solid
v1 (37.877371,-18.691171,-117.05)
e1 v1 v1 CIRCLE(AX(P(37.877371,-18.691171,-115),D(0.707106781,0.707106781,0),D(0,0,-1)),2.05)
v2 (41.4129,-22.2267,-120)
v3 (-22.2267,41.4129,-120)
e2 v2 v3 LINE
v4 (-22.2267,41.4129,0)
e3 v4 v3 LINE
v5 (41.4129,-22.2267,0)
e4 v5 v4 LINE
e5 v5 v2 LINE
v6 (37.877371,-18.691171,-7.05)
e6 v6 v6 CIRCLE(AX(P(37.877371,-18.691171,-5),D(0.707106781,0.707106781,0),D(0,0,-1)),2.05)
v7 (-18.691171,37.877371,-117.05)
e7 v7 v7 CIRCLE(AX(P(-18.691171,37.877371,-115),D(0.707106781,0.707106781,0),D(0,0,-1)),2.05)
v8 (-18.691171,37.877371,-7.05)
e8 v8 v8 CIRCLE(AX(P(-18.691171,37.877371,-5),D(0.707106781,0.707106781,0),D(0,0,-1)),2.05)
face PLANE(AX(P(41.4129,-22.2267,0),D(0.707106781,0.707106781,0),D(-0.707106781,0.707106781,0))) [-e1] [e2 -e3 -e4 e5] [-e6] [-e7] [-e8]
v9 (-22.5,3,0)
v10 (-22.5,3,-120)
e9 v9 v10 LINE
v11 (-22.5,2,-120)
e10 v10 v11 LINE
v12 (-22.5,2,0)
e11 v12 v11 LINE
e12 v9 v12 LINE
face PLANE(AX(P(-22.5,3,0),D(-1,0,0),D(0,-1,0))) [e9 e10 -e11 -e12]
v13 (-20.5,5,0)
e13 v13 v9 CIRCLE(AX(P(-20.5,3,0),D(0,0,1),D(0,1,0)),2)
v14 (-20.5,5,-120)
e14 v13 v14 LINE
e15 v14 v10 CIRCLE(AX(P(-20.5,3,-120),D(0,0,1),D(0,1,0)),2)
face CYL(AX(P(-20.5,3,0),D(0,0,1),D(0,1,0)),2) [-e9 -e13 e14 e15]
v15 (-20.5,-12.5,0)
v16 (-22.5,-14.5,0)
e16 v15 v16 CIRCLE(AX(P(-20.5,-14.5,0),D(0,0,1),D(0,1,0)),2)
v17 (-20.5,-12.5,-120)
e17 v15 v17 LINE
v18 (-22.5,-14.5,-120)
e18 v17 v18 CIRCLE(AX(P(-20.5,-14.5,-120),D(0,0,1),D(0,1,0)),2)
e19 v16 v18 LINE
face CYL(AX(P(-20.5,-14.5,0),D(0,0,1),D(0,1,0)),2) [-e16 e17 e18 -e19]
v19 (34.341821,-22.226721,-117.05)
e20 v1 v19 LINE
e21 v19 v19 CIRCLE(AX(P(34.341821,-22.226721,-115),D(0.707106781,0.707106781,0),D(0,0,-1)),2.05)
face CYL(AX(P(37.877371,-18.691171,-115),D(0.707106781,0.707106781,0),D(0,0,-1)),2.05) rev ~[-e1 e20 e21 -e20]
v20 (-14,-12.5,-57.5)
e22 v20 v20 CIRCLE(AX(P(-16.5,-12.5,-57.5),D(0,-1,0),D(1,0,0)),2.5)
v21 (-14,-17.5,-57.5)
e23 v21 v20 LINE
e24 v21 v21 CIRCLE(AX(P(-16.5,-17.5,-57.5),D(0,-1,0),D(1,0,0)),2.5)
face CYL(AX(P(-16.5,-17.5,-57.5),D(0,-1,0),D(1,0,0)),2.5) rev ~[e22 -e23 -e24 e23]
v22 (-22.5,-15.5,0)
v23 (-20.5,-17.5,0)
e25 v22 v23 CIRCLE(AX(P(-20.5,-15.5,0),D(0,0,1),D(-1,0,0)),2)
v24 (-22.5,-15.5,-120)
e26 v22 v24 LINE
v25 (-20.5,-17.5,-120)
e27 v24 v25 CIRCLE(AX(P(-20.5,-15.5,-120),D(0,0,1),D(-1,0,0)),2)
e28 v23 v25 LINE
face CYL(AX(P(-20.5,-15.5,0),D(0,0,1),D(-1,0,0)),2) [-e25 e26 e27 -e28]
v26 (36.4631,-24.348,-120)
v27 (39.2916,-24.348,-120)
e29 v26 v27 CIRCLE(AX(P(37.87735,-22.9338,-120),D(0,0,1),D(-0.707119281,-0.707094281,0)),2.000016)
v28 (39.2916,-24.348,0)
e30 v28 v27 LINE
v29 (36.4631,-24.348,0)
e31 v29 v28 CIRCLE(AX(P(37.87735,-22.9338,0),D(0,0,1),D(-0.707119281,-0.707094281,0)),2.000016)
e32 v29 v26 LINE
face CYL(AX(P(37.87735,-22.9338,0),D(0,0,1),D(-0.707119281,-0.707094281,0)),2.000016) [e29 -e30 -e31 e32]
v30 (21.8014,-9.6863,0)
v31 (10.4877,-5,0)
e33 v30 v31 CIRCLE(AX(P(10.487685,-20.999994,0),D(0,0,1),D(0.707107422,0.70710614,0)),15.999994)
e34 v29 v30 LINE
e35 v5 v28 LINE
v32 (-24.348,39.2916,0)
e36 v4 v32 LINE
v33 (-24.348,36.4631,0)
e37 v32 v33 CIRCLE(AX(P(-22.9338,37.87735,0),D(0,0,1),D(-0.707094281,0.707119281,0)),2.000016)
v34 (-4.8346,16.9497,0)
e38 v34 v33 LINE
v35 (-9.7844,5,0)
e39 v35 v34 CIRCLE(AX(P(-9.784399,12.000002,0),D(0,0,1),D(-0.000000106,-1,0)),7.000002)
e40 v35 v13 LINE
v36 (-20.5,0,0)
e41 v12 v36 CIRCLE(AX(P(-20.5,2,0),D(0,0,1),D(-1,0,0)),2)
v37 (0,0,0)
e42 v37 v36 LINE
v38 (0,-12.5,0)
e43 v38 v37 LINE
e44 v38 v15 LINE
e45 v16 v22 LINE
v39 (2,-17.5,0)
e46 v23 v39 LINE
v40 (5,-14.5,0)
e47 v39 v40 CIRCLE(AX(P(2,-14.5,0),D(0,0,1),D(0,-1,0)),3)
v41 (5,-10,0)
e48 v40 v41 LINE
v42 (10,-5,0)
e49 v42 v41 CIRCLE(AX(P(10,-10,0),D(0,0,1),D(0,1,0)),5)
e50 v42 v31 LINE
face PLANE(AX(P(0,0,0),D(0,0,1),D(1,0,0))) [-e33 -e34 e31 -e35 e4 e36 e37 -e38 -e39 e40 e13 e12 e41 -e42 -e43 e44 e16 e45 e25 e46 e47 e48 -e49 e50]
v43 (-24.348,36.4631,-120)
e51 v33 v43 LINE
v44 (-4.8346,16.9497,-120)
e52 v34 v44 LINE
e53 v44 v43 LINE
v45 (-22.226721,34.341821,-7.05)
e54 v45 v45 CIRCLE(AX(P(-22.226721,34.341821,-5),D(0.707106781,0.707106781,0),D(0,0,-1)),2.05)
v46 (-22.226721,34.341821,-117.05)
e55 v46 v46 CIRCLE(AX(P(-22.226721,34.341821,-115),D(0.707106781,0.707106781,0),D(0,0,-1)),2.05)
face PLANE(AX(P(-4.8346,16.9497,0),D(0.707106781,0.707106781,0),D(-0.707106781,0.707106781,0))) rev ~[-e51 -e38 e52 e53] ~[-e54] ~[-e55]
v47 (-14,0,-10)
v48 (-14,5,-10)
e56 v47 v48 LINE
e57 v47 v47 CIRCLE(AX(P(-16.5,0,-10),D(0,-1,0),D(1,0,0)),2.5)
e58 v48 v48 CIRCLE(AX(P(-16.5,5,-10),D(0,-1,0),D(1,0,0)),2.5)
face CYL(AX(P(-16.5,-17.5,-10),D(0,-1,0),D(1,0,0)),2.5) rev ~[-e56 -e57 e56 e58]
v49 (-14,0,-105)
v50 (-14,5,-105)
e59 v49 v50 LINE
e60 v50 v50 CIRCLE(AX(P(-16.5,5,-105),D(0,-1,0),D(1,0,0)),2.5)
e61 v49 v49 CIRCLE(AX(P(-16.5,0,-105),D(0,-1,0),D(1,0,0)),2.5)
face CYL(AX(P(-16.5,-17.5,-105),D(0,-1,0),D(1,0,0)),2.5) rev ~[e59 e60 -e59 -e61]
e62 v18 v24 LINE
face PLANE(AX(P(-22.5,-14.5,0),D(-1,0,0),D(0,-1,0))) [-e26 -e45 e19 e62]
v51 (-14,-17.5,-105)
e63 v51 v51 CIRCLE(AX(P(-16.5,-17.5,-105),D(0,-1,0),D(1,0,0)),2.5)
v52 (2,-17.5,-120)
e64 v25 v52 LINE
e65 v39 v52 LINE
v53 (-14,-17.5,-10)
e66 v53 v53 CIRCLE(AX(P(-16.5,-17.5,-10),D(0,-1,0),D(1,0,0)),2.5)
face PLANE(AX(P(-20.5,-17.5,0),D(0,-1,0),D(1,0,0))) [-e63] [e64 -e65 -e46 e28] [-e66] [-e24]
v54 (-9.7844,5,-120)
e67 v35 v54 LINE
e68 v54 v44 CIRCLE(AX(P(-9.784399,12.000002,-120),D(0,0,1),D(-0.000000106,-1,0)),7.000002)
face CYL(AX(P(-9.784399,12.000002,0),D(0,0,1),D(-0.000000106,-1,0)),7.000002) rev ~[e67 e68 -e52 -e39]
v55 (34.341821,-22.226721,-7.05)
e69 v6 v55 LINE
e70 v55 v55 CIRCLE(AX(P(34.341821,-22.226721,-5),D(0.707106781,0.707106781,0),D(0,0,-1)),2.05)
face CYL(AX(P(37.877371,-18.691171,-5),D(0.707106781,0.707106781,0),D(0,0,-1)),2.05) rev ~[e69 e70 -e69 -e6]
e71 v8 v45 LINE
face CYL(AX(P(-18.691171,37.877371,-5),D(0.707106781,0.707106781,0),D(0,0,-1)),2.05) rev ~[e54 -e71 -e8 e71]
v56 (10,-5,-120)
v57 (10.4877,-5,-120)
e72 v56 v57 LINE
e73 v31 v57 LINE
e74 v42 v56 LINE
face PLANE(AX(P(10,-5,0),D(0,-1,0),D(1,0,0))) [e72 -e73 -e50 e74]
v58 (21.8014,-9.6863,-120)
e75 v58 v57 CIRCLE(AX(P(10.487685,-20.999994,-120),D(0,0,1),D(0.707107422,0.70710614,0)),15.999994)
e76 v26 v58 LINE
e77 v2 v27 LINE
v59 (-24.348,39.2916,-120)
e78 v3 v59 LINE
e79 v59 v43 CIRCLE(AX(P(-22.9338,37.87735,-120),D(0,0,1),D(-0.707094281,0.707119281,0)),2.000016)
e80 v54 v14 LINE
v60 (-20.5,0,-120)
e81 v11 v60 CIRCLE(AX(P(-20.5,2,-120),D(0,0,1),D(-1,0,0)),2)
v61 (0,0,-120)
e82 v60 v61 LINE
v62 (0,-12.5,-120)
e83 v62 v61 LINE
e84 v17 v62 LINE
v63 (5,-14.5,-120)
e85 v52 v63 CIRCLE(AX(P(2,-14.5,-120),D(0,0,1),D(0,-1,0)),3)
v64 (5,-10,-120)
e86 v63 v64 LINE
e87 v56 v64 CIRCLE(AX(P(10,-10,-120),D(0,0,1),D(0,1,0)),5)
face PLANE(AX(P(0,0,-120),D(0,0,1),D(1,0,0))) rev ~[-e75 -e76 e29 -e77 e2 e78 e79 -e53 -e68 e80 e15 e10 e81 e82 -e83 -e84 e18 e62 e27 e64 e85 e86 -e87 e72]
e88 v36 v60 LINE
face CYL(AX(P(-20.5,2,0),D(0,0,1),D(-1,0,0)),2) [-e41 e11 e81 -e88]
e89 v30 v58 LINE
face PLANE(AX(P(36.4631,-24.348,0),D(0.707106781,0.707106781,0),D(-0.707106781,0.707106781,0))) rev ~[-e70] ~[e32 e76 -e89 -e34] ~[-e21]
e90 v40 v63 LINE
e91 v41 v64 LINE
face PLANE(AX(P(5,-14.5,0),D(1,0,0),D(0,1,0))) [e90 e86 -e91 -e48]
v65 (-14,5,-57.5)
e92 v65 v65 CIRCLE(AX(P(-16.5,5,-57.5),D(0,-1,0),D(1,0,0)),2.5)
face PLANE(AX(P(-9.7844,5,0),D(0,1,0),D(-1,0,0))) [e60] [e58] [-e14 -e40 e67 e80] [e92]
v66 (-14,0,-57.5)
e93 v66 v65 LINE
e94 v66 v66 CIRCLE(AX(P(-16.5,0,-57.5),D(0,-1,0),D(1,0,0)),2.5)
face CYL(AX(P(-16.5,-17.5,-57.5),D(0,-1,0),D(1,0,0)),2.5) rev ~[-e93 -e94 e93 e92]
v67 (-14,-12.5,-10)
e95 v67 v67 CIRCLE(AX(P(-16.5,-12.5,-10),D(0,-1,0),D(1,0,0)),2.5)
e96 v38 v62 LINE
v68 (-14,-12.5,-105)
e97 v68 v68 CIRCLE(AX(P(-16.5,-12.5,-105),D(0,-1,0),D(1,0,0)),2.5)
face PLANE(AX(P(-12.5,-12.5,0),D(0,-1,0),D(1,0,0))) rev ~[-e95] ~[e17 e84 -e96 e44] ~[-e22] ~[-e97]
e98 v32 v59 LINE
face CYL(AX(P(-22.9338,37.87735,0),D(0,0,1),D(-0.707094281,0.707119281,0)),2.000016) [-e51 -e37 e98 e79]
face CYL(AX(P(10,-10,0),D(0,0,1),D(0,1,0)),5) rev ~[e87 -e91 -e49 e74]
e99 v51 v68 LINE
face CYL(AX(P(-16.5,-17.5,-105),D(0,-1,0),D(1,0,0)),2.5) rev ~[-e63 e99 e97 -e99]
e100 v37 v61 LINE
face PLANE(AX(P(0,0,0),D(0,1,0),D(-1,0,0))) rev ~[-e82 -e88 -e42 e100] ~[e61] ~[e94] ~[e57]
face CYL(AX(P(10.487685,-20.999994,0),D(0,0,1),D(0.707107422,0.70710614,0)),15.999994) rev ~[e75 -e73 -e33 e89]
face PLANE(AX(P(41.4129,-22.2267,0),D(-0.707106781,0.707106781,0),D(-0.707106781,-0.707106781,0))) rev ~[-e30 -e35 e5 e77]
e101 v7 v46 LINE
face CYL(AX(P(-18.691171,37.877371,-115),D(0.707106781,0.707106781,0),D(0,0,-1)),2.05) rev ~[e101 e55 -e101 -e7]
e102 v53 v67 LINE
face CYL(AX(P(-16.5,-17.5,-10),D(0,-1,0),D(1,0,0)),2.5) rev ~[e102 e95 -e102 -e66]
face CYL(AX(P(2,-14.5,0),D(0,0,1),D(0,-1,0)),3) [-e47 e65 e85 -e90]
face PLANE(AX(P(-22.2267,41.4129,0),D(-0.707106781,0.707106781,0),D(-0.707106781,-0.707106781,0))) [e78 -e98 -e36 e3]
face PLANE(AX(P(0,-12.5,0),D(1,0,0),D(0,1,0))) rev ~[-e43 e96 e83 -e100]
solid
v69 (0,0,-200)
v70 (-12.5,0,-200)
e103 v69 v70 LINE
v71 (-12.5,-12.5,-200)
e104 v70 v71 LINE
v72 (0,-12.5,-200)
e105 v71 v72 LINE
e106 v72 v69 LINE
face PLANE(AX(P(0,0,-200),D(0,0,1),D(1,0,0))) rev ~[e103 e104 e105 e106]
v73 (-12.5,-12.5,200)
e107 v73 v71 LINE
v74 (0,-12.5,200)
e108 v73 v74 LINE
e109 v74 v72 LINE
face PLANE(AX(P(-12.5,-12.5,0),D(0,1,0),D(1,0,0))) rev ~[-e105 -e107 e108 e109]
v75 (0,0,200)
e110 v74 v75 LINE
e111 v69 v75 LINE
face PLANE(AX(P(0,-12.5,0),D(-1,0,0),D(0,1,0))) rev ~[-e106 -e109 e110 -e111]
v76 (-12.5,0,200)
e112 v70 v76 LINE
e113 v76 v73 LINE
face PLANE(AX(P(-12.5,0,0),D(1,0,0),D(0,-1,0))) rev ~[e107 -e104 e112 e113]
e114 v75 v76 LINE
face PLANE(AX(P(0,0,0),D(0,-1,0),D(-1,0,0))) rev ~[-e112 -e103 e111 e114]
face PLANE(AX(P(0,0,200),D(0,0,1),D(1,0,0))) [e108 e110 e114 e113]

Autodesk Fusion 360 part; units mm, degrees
sketch "Sketch1" plane through (0, 0, 0) normal (0, 0, 1) x (1, 0, 0)
  line L0 (0, 0) -> (12.5, 0)
  line L1 (12.5, 0) -> (12.5, 12.5)
  line L2 (12.5, 12.5) -> (0, 12.5)
  line L3 (0, 12.5) -> (0, 0)
  line L4 (-15, 12.5) -> (25.5711, 12.5)
  line L5 (17.3964, -5) -> (-5, -5)
  line L6 (-15, 7.5) -> (-15, 12.5)
  line L7 (-15, -5) -> (-5, -5)
  line L8 (-5, -5) -> (-5, 7.5)
  line L9 (-5, 7.5) -> (-15, 7.5)
  line L10 (17.5, -5) -> (17.5, 7.5)
  line L11 (17.5, 7.5) -> (23.5, 7.5)
  line L12 (17.5, -4.8205) -> (17.3964, -5)
  line L13 (-15, 12.5) -> (18.5, 12.5)
  line L14 (19.5711, 18.5) -> (-15, 18.5)
  line L15 (-15, 18.5) -> (-15, 12.5)
  line L16 (12.5, 18.5) -> (-8.7132, 39.7132)
  line L17 (12.5, 18.5) -> (19.5711, 18.5) construction
  line L18 (12.5, 18.5) -> (54.9264, -23.9264)
  line L19 (-8.7132, 39.7132) -> (-5.1777, 43.2487)
  line L20 (-5.1777, 43.2487) -> (61.9975, -23.9264)
  line L21 (54.9264, -23.9264) -> (61.9975, -23.9264)
  line L22 (12.5, 18.5) -> (19.5711, 18.5) construction
  line L23 (45, 18.5) -> (72.5, 18.5) construction
  dimension "d1" = 12.5
  dimension "d2" = 12.5
  dimension "d3" = 5
  dimension "d4" = 12.5
  dimension "d5" = 15
  dimension "d10" = 5
  dimension "d11" = 5
  dimension "d12" = 5
  dimension "d13" = 5
  dimension "d15" = 6
  dimension "d16" = 135
  dimension "d17" = 30
  dimension "d18" = 45
  dimension "d19" = 60
  dimension "d20" = 5
sketch "Sketch2" plane through (0, 0, 0) normal (0, 0, 1) x (1, 0, 0)
  line L0 (0, 0) -> (-20.5, 0)
  line L1 (-12.5, 0) -> (-12.5, -12.5)
  line L2 (-20.5, -12.5) -> (0, -12.5)
  line L3 (0, -12.5) -> (0, 0)
  line L4 (-9.7844, 5) -> (-20.5, 5)
  line L5 (-20.5, -17.5) -> (2, -17.5)
  line L6 (-22.5, 3) -> (-22.5, 2)
  line L7 (-22.5, -14.5) -> (-22.5, -15.5)
  line L8 (7.1151, 5) -> (37.353, 5) construction
  line L9 (41.4129, -22.2267) -> (-22.2267, 41.4129)
  line L10 (5, -21) -> (5, -20)
  line L11 (-22.2267, 41.4129) -> (-24.348, 39.2916)
  line L12 (41.4129, -22.2267) -> (39.2916, -24.348)
  line L13 (10, -5) -> (10.4877, -5)
  line L14 (5, -14.5) -> (5, -10)
  line L15 (36.4631, -24.348) -> (21.8014, -9.6863)
  line L16 (-4.8346, 16.9497) -> (-24.348, 36.4631)
  arc A0 (-9.7844, 5) -> (-4.8346, 16.9497) centre (-9.7844, 12) ccw
  arc A1 (2, -17.5) -> (5, -14.5) centre (2, -14.5) ccw
  arc A2 (-22.5, -15.5) -> (-20.5, -17.5) centre (-20.5, -15.5) ccw
  arc A3 (-20.5, -12.5) -> (-22.5, -14.5) centre (-20.5, -14.5) ccw
  arc A4 (-22.5, 2) -> (-20.5, 0) centre (-20.5, 2) ccw
  arc A5 (-20.5, 5) -> (-22.5, 3) centre (-20.5, 3) ccw
  arc A6 (-24.348, 39.2916) -> (-24.348, 36.4631) centre (-22.9338, 37.8774) ccw
  arc A7 (36.4631, -24.348) -> (39.2916, -24.348) centre (37.8774, -22.9338) ccw
  arc A8 (10, -5) -> (5, -10) centre (10, -10) ccw
  arc A9 (21.8014, -9.6863) -> (10.4877, -5) centre (10.4877, -21) ccw
  point P0 (-25.7622, 37.8774)
  point P1 (37.8774, -25.7622)
  dimension "d21" = 12.5
  dimension "d22" = 12.5
  dimension "d23" = 5
  dimension "d24" = 5
  dimension "d25" = 10
  dimension "d26" = 135
  dimension "d29" = 90
  dimension "d30" = 5
  dimension "d31" = 5
  dimension "d32" = 7
  dimension "d33" = 3
  dimension "d34" = 2
  dimension "d35" = 2
  dimension "d36" = 45
  dimension "d37" = 5
  dimension "d38" = 16
extrude "Extrude1" add sketch "Sketch2" against normal blind 120 contours L0 L2 L3 L4 L5 L6 L7 L9 L11 L12 L13 L14 L15 L16 A0 A1 A2 A3 A4 A5 A6 A7 A8 A9 makes body 1
extrude "Extrude2" add sketch "Sketch2" along normal blind 200 and the other way blind 200 separate body contours L0 L1 L2 L3 makes body 2
sketch "Sketch3" plane through (9.5931, 9.5931, 0) normal (0.7071, 0.7071, 0) x (0, 0, -1)
  line L0 (0, 45) -> (0, -45)
  line L1 (0, -45) -> (120, -45)
  line L2 (120, -45) -> (120, 45)
  line L3 (120, 45) -> (0, 45)
  line L4 (0, -45) -> (120, -45)
  line L5 (120, -45) -> (120, -40)
  line L6 (120, -40) -> (0, -40)
  line L7 (0, -40) -> (0, -45)
  dimension "d45" = 120
  dimension "d46" = 5
sketch "Sketch4" plane through (0, -17.5, 0) normal (0, -1, 0) x (1, 0, 0)
  line L0 (2, -120) -> (2, 0)
  line L1 (2, 0) -> (-20.5, 0)
  line L2 (-20.5, 0) -> (-20.5, -120)
  circle A0 centre (-16.5, -10) radius 2.5
  circle A1 centre (-16.5, -57.5) radius 2.5
  circle A2 centre (-16.5, -105) radius 2.5
  line L3 (-20.5, -120) -> (2, -120)
  dimension "d57" = 5
  dimension "d58" = 10
  dimension "d59" = 16.5
  dimension "d62" = 0
  dimension "d63" = -95
extrude "Extrude4" cut sketch "Sketch4" against normal blind 30 contours A0 | A1 | A2 bodies 1
sketch "Sketch5" plane through (9.5931, 9.5931, 0) normal (0.7071, 0.7071, 0) x (0, 0, -1)
  line L0 (0, 45) -> (0, -45)
  line L1 (0, -45) -> (120, -45)
  line L2 (120, -45) -> (120, 45)
  line L3 (120, 45) -> (0, 45)
  circle A0 centre (5, 40) radius 2.05
  line L4 (10, 35) -> (110, 35)
  line L5 (110, 35) -> (110, -35)
  line L6 (110, -35) -> (10, -35)
  line L7 (10, -35) -> (10, 35)
  circle A1 centre (115, 40) radius 2.05
  circle A2 centre (5, -40) radius 2.05
  circle A3 centre (115, -40) radius 2.05
  dimension "d66" = 4.1
  dimension "d67" = 100
  dimension "d68" = 70
  dimension "d69" = 10
  dimension "d70" = 5
  dimension "d71" = 5
  dimension "d74" = 110
  dimension "d75" = -80
extrude "Extrude5" cut sketch "Sketch5" against normal blind 15 contours A0 | A1 | A2 | A3 bodies 1
